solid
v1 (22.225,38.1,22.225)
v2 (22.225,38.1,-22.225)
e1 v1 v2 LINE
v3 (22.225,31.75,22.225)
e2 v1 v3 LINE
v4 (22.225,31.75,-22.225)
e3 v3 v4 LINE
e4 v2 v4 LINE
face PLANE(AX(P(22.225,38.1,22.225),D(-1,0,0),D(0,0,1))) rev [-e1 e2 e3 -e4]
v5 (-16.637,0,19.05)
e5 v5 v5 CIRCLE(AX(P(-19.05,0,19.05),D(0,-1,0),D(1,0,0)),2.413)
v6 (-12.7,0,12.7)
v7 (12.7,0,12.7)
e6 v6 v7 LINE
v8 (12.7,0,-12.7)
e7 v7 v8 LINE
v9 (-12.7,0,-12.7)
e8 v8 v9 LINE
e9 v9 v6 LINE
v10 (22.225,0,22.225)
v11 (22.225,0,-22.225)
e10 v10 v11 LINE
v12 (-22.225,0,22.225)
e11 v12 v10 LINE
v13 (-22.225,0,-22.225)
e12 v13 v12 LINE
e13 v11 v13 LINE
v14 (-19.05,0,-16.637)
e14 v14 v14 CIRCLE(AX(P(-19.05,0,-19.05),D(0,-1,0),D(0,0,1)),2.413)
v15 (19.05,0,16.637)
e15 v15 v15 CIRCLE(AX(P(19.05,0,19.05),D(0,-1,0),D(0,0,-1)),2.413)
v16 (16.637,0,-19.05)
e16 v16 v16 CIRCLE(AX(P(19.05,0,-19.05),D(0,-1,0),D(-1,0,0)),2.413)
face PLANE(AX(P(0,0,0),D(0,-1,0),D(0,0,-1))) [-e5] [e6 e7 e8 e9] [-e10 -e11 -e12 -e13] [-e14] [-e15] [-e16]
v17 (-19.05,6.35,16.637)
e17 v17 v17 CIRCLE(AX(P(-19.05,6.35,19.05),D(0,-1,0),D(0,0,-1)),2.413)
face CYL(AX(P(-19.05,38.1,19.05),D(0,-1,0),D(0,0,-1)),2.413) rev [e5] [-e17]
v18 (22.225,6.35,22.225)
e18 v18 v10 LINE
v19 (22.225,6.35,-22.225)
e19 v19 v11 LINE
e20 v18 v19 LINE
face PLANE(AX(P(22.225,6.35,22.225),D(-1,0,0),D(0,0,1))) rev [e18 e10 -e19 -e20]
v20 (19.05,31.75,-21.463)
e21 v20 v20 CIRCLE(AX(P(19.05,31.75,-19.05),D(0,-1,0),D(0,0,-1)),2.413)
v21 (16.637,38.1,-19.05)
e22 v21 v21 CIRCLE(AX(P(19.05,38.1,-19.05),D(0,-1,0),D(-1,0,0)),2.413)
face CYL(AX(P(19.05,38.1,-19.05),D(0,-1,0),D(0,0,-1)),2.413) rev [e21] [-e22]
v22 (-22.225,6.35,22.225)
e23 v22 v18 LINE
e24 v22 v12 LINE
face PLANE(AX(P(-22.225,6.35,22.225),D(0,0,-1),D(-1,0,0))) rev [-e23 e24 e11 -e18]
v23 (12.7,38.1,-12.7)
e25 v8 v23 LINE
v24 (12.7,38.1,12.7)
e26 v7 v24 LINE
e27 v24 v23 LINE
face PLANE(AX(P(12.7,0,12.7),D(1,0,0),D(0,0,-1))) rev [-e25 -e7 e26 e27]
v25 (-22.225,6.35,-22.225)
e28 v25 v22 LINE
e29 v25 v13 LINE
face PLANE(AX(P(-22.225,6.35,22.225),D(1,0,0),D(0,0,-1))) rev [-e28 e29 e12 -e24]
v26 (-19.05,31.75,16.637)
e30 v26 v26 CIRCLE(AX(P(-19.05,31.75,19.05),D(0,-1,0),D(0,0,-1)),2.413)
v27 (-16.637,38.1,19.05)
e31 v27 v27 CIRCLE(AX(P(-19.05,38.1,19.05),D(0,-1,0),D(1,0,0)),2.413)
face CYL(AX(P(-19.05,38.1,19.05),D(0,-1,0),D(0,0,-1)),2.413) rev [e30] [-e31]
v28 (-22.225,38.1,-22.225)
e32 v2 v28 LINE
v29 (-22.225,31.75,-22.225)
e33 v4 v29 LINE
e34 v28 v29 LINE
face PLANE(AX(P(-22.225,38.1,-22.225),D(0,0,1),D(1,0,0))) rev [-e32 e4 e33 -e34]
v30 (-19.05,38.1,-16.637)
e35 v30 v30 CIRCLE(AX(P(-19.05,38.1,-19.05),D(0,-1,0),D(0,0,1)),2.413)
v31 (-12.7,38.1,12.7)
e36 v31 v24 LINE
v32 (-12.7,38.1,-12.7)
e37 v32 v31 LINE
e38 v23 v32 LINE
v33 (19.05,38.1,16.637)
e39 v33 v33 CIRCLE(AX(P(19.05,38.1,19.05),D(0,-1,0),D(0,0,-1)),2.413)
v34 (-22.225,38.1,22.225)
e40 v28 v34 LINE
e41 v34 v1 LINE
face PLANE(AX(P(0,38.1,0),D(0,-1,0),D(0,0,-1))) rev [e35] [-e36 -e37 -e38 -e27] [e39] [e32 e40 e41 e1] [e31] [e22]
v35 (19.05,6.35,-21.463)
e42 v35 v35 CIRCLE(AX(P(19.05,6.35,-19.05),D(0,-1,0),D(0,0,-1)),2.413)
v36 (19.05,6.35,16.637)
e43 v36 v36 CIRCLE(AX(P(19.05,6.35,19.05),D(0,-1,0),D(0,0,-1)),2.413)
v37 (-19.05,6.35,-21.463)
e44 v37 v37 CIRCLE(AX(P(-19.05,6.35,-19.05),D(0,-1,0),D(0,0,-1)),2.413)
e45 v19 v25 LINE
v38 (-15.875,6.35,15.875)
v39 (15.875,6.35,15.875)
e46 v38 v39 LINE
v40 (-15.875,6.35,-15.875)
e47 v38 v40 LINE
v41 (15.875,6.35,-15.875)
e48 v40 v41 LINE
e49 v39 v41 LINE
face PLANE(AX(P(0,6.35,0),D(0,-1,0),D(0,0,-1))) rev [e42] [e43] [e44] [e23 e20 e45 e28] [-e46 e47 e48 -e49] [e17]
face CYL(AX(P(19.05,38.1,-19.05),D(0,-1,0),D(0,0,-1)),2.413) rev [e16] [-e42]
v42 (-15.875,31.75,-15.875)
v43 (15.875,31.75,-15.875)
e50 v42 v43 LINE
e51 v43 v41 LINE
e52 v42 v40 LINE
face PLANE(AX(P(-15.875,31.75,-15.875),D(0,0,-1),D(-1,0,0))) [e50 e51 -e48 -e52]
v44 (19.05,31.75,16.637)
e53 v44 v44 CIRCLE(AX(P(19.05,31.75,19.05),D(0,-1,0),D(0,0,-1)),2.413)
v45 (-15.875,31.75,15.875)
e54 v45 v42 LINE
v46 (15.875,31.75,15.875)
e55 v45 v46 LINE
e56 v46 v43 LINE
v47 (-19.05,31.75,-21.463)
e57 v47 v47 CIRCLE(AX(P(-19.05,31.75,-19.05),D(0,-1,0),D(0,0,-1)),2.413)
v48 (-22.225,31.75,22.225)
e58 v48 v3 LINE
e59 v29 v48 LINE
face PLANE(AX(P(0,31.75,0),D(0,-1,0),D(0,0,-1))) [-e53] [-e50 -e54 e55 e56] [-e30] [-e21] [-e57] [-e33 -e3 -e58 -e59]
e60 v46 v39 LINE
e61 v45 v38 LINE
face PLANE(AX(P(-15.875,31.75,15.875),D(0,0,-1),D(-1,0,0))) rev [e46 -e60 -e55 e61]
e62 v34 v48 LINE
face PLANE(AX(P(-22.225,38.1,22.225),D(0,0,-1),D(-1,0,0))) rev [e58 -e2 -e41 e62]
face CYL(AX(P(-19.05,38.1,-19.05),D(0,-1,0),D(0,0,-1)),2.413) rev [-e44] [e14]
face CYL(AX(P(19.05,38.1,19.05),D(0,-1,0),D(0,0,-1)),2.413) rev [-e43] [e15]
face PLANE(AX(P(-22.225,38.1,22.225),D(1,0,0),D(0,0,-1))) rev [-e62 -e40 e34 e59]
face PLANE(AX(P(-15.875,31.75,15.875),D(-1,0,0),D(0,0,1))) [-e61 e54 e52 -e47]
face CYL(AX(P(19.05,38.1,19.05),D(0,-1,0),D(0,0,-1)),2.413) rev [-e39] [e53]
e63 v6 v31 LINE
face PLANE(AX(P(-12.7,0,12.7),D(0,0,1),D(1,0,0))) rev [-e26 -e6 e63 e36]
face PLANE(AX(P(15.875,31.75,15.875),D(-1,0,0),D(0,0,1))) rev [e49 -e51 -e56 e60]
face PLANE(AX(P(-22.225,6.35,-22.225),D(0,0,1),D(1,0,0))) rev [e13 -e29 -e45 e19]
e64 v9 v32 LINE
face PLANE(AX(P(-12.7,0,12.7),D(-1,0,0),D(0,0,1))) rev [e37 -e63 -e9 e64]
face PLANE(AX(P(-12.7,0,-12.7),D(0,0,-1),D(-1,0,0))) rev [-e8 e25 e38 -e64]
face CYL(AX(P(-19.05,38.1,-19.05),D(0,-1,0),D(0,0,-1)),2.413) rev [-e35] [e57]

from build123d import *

# Parameters (mm, degrees)
SKETCH1_W           = 44.45
SKETCH1_H           = 44.45
BOSS_EXTRUDE1_DEPTH = 6.35
SKETCH2_W           = 31.75
SKETCH2_H           = 31.75
BOSS_EXTRUDE2_DEPTH = 25.4
SKETCH3_W           = 44.45
SKETCH3_H           = 44.45
BOSS_EXTRUDE3_DEPTH = 6.35
SKETCH4_W           = 25.4
SKETCH4_H           = 25.4
CUT_EXTRUDE1_DEPTH  = 39.1
CUT_EXTRUDE3_START  = -7.35
SKETCH6_R           = 2.413
CUT_EXTRUDE3_DEPTH  = 40.1
CIRPATTERN1_COUNT   = 4


with BuildPart() as part:
    # Sketch1 → Boss-Extrude1 (new body)
    with BuildSketch(Plane(origin=(0, 0, 0), x_dir=(1, 0, 0), z_dir=(0, 1, 0))):
        Rectangle(SKETCH1_W, SKETCH1_H)
    extrude(amount=BOSS_EXTRUDE1_DEPTH)

    # Sketch2 → Boss-Extrude2 (add)
    with BuildSketch(Plane(origin=(0, 6.35, 0), x_dir=(1, 0, 0), z_dir=(0, 1, 0))):
        Rectangle(SKETCH2_W, SKETCH2_H)
    extrude(amount=BOSS_EXTRUDE2_DEPTH)

    # Sketch3 → Boss-Extrude3 (add)
    with BuildSketch(Plane(origin=(0, 31.75, 0), x_dir=(1, 0, 0), z_dir=(0, 1, 0))):
        Rectangle(SKETCH3_W, SKETCH3_H)
    extrude(amount=BOSS_EXTRUDE3_DEPTH)

    # Sketch4 → Cut-Extrude1 (cut, through all)
    with BuildSketch(Plane(origin=(0, 38.1, 0), x_dir=(1, 0, 0), z_dir=(0, 1, 0))):
        Rectangle(SKETCH4_W, SKETCH4_H)
    extrude(amount=-CUT_EXTRUDE1_DEPTH, mode=Mode.SUBTRACT)

    # Sketch6 → Cut-Extrude3 (cut)
    with BuildSketch(Plane.XZ.offset(-31.75).offset(CUT_EXTRUDE3_START)):
        with Locations((19.05, 19.05)):
            Circle(SKETCH6_R)
    cut_extrude3 = extrude(amount=CUT_EXTRUDE3_DEPTH, mode=Mode.SUBTRACT)

    # CirPattern1: Cut-Extrude3 ×4 about axis
    cirpattern1_axis = Axis((0, 0, 0), (0, 1, 0))
    for i in range(1, CIRPATTERN1_COUNT):
        add(cut_extrude3.rotate(cirpattern1_axis, i * 360 / CIRPATTERN1_COUNT), mode=Mode.SUBTRACT)


solid = part.part
